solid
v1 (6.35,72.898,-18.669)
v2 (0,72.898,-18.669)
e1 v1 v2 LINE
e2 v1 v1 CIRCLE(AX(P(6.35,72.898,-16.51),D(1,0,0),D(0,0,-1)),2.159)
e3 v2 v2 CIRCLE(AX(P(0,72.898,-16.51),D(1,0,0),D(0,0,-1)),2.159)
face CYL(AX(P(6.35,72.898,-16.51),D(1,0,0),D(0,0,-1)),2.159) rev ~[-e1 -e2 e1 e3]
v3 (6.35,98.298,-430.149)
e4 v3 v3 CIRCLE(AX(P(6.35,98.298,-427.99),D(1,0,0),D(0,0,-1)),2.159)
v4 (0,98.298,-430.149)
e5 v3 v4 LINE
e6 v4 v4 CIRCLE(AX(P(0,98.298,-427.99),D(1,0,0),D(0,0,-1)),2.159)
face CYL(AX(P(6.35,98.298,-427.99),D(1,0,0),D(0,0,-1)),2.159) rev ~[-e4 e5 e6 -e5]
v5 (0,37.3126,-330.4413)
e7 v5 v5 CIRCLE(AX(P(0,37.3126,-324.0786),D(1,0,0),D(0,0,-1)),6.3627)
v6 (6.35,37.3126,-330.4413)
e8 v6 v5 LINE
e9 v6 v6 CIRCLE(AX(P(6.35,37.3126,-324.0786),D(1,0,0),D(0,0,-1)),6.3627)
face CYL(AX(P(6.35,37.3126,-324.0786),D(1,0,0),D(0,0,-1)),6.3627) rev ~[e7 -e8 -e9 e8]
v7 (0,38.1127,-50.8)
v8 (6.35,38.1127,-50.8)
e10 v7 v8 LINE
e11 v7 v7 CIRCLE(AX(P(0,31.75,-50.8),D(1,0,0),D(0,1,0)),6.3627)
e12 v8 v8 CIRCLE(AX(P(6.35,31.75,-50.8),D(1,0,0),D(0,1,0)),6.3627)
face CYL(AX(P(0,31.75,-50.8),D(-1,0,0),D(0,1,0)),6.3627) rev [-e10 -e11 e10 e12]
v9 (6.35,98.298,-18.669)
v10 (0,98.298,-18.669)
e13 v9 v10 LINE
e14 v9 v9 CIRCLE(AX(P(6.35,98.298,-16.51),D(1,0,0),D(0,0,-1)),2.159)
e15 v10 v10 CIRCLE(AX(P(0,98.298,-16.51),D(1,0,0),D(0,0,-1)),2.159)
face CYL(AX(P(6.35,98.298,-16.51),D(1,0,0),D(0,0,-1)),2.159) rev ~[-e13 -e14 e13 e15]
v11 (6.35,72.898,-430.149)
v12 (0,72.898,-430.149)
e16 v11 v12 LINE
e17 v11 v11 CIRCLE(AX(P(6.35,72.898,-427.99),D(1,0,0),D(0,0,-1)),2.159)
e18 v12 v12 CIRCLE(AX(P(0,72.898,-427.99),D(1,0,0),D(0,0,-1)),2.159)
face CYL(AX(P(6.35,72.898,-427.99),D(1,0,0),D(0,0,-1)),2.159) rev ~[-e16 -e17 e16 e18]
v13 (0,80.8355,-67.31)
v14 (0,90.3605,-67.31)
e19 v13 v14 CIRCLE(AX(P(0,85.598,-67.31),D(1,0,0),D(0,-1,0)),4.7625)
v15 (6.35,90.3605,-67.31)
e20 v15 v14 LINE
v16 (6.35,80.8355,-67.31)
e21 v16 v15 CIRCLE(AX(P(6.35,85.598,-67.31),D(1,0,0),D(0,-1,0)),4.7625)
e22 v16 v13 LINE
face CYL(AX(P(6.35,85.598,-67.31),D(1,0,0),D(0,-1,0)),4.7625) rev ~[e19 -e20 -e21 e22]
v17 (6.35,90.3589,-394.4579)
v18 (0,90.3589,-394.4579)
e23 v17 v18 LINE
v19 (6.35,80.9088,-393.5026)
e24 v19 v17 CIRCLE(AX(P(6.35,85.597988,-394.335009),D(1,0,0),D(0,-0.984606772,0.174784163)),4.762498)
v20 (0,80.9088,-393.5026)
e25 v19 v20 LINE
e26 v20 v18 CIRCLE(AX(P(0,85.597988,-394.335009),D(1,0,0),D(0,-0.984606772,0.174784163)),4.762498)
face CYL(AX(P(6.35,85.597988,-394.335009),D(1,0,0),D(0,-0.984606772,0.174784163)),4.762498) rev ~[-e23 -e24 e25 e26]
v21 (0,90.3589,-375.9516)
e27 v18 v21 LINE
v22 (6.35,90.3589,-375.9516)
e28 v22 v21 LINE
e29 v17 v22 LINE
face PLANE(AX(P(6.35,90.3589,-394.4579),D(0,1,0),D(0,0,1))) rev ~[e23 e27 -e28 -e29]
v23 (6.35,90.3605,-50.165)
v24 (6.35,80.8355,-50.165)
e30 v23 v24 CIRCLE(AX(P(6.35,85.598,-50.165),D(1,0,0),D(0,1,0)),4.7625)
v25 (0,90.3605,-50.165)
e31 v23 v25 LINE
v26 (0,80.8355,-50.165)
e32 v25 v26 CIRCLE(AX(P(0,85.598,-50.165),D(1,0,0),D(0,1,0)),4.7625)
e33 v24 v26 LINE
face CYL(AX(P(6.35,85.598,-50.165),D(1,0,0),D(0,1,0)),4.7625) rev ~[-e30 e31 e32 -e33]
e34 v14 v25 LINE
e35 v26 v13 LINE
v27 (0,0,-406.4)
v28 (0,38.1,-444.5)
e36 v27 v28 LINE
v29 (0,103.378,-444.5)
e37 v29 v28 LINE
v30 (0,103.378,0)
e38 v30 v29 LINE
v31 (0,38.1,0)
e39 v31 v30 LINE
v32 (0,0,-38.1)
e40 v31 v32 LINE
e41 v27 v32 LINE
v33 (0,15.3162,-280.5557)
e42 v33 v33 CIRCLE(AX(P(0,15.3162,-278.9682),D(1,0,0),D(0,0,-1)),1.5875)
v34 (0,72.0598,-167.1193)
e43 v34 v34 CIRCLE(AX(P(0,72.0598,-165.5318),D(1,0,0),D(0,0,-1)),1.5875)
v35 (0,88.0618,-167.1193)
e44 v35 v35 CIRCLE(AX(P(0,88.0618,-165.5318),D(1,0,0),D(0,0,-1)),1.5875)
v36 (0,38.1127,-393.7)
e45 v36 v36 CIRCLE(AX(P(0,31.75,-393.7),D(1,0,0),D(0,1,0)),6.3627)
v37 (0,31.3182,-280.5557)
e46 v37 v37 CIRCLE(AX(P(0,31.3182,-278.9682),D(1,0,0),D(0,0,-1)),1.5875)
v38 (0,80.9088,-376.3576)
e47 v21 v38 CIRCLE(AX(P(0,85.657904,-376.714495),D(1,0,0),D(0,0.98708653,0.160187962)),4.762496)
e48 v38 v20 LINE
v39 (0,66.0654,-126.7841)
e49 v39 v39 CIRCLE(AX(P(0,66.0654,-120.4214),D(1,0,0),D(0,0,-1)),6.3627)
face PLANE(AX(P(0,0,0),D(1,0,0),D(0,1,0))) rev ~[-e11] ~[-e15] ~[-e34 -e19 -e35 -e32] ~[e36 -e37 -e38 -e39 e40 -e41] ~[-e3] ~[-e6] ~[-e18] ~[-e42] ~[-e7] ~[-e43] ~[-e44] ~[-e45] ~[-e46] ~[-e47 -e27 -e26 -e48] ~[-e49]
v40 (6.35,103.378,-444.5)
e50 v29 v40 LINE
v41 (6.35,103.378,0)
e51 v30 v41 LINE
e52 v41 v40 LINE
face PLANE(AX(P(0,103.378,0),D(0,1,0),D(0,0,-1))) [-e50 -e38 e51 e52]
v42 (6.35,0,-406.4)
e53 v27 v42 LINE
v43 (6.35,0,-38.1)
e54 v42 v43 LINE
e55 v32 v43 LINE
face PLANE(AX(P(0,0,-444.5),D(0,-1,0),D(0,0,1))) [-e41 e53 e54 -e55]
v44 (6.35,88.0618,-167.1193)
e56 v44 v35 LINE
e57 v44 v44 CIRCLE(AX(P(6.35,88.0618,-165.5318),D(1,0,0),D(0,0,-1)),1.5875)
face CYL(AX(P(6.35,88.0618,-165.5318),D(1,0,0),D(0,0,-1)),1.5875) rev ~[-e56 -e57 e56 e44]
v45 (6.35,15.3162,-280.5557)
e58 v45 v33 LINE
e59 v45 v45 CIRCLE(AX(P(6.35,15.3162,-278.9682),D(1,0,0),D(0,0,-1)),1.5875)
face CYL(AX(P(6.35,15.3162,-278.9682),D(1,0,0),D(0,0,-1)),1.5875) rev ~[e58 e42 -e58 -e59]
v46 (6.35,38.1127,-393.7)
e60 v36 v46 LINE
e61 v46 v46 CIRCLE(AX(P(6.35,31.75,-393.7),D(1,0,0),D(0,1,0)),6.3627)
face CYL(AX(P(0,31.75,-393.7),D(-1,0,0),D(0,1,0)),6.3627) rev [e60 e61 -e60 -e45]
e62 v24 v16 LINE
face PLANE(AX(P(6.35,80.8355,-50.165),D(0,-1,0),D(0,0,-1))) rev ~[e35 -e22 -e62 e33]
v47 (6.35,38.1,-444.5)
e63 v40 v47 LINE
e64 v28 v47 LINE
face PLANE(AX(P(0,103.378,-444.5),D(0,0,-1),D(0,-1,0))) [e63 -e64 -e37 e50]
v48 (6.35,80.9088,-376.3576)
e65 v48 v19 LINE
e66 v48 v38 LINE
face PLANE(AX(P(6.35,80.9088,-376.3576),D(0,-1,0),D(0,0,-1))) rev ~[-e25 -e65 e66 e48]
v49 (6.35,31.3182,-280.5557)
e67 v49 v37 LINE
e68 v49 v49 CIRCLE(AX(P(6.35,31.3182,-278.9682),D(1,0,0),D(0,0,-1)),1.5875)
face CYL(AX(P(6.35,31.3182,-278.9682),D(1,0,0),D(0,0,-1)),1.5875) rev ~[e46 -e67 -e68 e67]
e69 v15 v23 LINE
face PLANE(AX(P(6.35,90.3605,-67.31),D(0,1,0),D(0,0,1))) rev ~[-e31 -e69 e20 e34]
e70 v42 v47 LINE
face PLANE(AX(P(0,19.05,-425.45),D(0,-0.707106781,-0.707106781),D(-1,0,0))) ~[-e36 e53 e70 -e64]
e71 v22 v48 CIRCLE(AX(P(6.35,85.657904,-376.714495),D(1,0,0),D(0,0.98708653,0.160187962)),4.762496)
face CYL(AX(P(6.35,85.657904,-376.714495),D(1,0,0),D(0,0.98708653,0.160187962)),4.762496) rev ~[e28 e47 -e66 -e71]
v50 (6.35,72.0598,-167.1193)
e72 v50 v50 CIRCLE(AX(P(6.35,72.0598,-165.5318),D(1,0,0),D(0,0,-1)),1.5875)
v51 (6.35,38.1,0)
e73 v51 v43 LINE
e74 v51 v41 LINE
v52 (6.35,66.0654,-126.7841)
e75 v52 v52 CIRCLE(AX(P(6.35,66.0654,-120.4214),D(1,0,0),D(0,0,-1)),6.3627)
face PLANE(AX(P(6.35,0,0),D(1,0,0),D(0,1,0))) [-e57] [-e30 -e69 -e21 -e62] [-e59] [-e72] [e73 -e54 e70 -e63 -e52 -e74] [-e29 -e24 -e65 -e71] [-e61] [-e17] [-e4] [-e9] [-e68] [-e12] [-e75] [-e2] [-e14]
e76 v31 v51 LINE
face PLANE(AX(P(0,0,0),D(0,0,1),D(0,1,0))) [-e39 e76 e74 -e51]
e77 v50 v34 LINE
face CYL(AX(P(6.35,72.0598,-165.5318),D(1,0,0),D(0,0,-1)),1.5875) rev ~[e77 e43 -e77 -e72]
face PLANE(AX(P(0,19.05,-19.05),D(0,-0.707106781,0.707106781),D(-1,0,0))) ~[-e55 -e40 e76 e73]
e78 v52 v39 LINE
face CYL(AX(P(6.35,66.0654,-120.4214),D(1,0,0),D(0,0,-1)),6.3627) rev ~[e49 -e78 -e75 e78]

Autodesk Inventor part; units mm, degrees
ref_plane "YZ Plane" through (0, 0, 0) normal (1, 0, 0) x (0, 1, 0)
ref_plane "XZ Plane" through (0, 0, 0) normal (0, 1, 0) x (-1, 0, 0)
ref_plane "XY Plane" through (0, 0, 0) normal (0, 0, 1) x (1, 0, 0)
sketch "Sketch1" plane through (0, 0, 0) normal (1, 0, 0) x (0, 1, 0)
  line L0 (0, 0) -> (103.378, 0)
  line L1 (103.378, 0) -> (103.378, -444.5)
  line L2 (103.378, -444.5) -> (0, -444.5)
  line L3 (0, -444.5) -> (0, 0)
  circle A0 centre (31.75, -50.8) radius 6.3627
  circle A1 centre (31.75, -393.7) radius 6.3627
  circle A2 centre (88.0618, -165.5318) radius 1.5875
  circle A3 centre (72.0598, -165.5318) radius 1.5875
  circle A4 centre (15.3162, -278.9682) radius 1.5875
  circle A5 centre (31.3182, -278.9682) radius 1.5875
  dimension "d0" = 103.378
  dimension "d1" = 444.5
  dimension "d2" = 12.7254
  dimension "d3" = 31.75
  dimension "d4" = 50.8
  dimension "d5" = 50.8
  dimension "d22" = 165.5318
  dimension "d23" = 3.175
  dimension "d24" = 15.3162
  dimension "d25" = 3.175
  dimension "d26" = 16.002
  dimension "d27" = 165.5318
  dimension "d28" = 3.175
  dimension "d29" = 15.3162
  dimension "d30" = 165.5318
  dimension "d31" = 3.175
  dimension "d32" = 16.002
  dimension "d33" = 165.5318
extrude "Extrusion1" add sketch "Sketch1" along normal blind 6.35 contours L0 L1 L2 L3 | A2 | A3 | A4 | A5
chamfer "Chamfer1" distance 38.1 angle 45 1 edges at (3.175, 0, 0)
chamfer "Chamfer2" distance 38.1 angle 45 1 edges at (3.175, 0, -444.5)
sketch "Sketch2" plane through (6.35, 0, 0) normal (1, 0, 0) x (0, 0, -1)
  line L0 (444.5, 38.1) -> (406.4, 0) projected
  line L1 (444.5, 38.1) -> (444.5, 103.378) projected
  line L2 (444.5, 103.378) -> (0, 103.378) projected
  line L3 (0, 103.378) -> (0, 38.1) projected
  line L4 (38.1, 0) -> (0, 38.1) projected
  line L5 (38.1, 0) -> (406.4, 0) projected
  circle A0 centre (393.7, 31.75) radius 6.3627 projected
  circle A1 centre (50.8, 31.75) radius 6.3627 projected
  circle A2 centre (120.4214, 66.0654) radius 6.3627
  circle A3 centre (324.0786, 37.3126) radius 6.3627
  point P0 (0, 0)
  dimension "d14" = 12.7254
  dimension "d15" = 120.4214
  dimension "d16" = 37.3126
  dimension "d17" = 12.7254
  dimension "d18" = 37.3126
  dimension "d19" = 120.4214
extrude "Extrusion2" cut sketch "Sketch2" against normal blind 25.4 contours A2 | A3
sketch "Sketch3" plane through (6.35, 0, 0) normal (1, 0, 0) x (0, 0, -1)
  circle A0 centre (120.4214, 66.0654) radius 6.3627 projected
  circle A1 centre (324.0786, 37.3126) radius 6.3627 projected
  line L0 (444.5, 38.1) -> (406.4, 0) projected
  line L1 (444.5, 38.1) -> (444.5, 103.378) projected
  line L2 (444.5, 103.378) -> (0, 103.378) projected
  line L3 (0, 103.378) -> (0, 38.1) projected
  line L4 (38.1, 0) -> (0, 38.1) projected
  line L5 (38.1, 0) -> (406.4, 0) projected
  circle A2 centre (393.7, 31.75) radius 6.3627 projected
  circle A3 centre (50.8, 31.75) radius 6.3627 projected
  circle A4 centre (165.5318, 88.0618) radius 1.5875
  circle A5 centre (165.5318, 72.0598) radius 1.5875
  circle A6 centre (278.9682, 15.3162) radius 1.5875
  circle A7 centre (278.9682, 31.3182) radius 1.5875
  point P0 (0, 0)
  dimension "d34" = 3.175
  dimension "d35" = 165.5318
  dimension "d36" = 15.3162
  dimension "d37" = 3.175
  dimension "d38" = 16.002
  dimension "d39" = 3.175
  dimension "d40" = 3.175
  dimension "d41" = 15.3162
  dimension "d42" = 16.002
  dimension "d43" = 165.5318
extrude "Extrusion3" cut sketch "Sketch3" against normal blind 25.4 contours A4 | A5 | A6 | A7
sketch "Sketch4" plane through (6.35, 0, 0) normal (1, 0, 0) x (0, 0, -1)
  circle A0 centre (278.9682, 15.3162) radius 1.5875 projected
  circle A1 centre (165.5318, 88.0618) radius 1.5875 projected
  circle A2 centre (165.5318, 72.0598) radius 1.5875 projected
  circle A3 centre (278.9682, 31.3182) radius 1.5875 projected
  circle A4 centre (120.4214, 66.0654) radius 6.3627 projected
  circle A5 centre (324.0786, 37.3126) radius 6.3627 projected
  line L0 (444.5, 38.1) -> (406.4, 0) projected
  line L1 (444.5, 38.1) -> (444.5, 103.378) projected
  line L2 (444.5, 103.378) -> (0, 103.378) projected
  line L3 (0, 103.378) -> (0, 38.1) projected
  line L4 (38.1, 0) -> (0, 38.1) projected
  line L5 (38.1, 0) -> (406.4, 0) projected
  circle A6 centre (393.7, 31.75) radius 6.3627 projected
  circle A7 centre (50.8, 31.75) radius 6.3627 projected
  arc A8 (50.165, 90.3605) -> (50.165, 80.8355) centre (50.165, 85.598) ccw
  arc A9 (67.31, 80.8355) -> (67.31, 90.3605) centre (67.31, 85.598) ccw
  line L6 (50.165, 80.8355) -> (67.31, 80.8355)
  line L7 (67.31, 90.3605) -> (50.165, 90.3605)
  arc A10 (393.5026, 80.9088) -> (394.4579, 90.3589) centre (394.335, 85.598) ccw
  arc A11 (375.9516, 90.3589) -> (376.3576, 80.9088) centre (376.7145, 85.6579) ccw
  line L8 (376.3576, 80.9088) -> (393.5026, 80.9088)
  line L9 (394.4579, 90.3589) -> (375.9516, 90.3589)
  point P0 (0, 0)
  dimension "d46" = 9.525
  dimension "d47" = 50.165
  dimension "d48" = 17.78
  dimension "d49" = 9.525
  dimension "d50" = 17.145
  dimension "d51" = 9.525
  dimension "d52" = 50.165
  dimension "d53" = 17.78
  dimension "d54" = 9.525
  dimension "d56" = 17.145
extrude "Extrusion4" cut sketch "Sketch4" against normal blind 25.4 contours L7 A9 L6 A8 | L8 A11 L9 A10
sketch "Sketch5" plane through (6.35, 0, 0) normal (1, 0, 0) x (0, 0, -1)
  line L0 (67.31, 80.8355) -> (50.165, 80.8355) projected
  arc A0 (50.165, 90.3605) -> (50.165, 80.8355) centre (50.165, 85.598) ccw projected
  line L1 (50.165, 90.3605) -> (67.31, 90.3605) projected
  arc A1 (67.31, 80.8355) -> (67.31, 90.3605) centre (67.31, 85.598) ccw projected
  line L2 (393.5026, 80.9088) -> (376.3576, 80.9088) projected
  arc A2 (375.9516, 90.3589) -> (376.3576, 80.9088) centre (376.7145, 85.6579) ccw projected
  line L3 (375.9516, 90.3589) -> (394.4579, 90.3589) projected
  arc A3 (393.5026, 80.9088) -> (394.4579, 90.3589) centre (394.335, 85.598) ccw projected
  circle A4 centre (278.9682, 15.3162) radius 1.5875 projected
  circle A5 centre (165.5318, 88.0618) radius 1.5875 projected
  circle A6 centre (165.5318, 72.0598) radius 1.5875 projected
  circle A7 centre (278.9682, 31.3182) radius 1.5875 projected
  circle A8 centre (120.4214, 66.0654) radius 6.3627 projected
  circle A9 centre (324.0786, 37.3126) radius 6.3627 projected
  line L4 (444.5, 38.1) -> (406.4, 0) projected
  line L5 (444.5, 38.1) -> (444.5, 103.378) projected
  line L6 (444.5, 103.378) -> (0, 103.378) projected
  line L7 (0, 103.378) -> (0, 38.1) projected
  line L8 (38.1, 0) -> (0, 38.1) projected
  line L9 (38.1, 0) -> (406.4, 0) projected
  circle A10 centre (393.7, 31.75) radius 6.3627 projected
  circle A11 centre (50.8, 31.75) radius 6.3627 projected
  circle A12 centre (16.51, 98.298) radius 2.159
  circle A13 centre (16.51, 72.898) radius 2.159
  circle A14 centre (427.99, 98.298) radius 2.159
  circle A15 centre (427.99, 72.898) radius 2.159
  point P0 (0, 0)
  dimension "d59" = 4.318
  dimension "d60" = 16.51
  dimension "d61" = 5.08
  dimension "d62" = 4.318
  dimension "d63" = 25.4
  dimension "d64" = 4.318
  dimension "d65" = 4.318
  dimension "d66" = 5.08
  dimension "d67" = 25.4
  dimension "d68" = 16.51
extrude "Extrusion5" cut sketch "Sketch5" against normal blind 25.4 contours A12 | A13 | A14 | A15
properties part number "DriveTrain3.0"
